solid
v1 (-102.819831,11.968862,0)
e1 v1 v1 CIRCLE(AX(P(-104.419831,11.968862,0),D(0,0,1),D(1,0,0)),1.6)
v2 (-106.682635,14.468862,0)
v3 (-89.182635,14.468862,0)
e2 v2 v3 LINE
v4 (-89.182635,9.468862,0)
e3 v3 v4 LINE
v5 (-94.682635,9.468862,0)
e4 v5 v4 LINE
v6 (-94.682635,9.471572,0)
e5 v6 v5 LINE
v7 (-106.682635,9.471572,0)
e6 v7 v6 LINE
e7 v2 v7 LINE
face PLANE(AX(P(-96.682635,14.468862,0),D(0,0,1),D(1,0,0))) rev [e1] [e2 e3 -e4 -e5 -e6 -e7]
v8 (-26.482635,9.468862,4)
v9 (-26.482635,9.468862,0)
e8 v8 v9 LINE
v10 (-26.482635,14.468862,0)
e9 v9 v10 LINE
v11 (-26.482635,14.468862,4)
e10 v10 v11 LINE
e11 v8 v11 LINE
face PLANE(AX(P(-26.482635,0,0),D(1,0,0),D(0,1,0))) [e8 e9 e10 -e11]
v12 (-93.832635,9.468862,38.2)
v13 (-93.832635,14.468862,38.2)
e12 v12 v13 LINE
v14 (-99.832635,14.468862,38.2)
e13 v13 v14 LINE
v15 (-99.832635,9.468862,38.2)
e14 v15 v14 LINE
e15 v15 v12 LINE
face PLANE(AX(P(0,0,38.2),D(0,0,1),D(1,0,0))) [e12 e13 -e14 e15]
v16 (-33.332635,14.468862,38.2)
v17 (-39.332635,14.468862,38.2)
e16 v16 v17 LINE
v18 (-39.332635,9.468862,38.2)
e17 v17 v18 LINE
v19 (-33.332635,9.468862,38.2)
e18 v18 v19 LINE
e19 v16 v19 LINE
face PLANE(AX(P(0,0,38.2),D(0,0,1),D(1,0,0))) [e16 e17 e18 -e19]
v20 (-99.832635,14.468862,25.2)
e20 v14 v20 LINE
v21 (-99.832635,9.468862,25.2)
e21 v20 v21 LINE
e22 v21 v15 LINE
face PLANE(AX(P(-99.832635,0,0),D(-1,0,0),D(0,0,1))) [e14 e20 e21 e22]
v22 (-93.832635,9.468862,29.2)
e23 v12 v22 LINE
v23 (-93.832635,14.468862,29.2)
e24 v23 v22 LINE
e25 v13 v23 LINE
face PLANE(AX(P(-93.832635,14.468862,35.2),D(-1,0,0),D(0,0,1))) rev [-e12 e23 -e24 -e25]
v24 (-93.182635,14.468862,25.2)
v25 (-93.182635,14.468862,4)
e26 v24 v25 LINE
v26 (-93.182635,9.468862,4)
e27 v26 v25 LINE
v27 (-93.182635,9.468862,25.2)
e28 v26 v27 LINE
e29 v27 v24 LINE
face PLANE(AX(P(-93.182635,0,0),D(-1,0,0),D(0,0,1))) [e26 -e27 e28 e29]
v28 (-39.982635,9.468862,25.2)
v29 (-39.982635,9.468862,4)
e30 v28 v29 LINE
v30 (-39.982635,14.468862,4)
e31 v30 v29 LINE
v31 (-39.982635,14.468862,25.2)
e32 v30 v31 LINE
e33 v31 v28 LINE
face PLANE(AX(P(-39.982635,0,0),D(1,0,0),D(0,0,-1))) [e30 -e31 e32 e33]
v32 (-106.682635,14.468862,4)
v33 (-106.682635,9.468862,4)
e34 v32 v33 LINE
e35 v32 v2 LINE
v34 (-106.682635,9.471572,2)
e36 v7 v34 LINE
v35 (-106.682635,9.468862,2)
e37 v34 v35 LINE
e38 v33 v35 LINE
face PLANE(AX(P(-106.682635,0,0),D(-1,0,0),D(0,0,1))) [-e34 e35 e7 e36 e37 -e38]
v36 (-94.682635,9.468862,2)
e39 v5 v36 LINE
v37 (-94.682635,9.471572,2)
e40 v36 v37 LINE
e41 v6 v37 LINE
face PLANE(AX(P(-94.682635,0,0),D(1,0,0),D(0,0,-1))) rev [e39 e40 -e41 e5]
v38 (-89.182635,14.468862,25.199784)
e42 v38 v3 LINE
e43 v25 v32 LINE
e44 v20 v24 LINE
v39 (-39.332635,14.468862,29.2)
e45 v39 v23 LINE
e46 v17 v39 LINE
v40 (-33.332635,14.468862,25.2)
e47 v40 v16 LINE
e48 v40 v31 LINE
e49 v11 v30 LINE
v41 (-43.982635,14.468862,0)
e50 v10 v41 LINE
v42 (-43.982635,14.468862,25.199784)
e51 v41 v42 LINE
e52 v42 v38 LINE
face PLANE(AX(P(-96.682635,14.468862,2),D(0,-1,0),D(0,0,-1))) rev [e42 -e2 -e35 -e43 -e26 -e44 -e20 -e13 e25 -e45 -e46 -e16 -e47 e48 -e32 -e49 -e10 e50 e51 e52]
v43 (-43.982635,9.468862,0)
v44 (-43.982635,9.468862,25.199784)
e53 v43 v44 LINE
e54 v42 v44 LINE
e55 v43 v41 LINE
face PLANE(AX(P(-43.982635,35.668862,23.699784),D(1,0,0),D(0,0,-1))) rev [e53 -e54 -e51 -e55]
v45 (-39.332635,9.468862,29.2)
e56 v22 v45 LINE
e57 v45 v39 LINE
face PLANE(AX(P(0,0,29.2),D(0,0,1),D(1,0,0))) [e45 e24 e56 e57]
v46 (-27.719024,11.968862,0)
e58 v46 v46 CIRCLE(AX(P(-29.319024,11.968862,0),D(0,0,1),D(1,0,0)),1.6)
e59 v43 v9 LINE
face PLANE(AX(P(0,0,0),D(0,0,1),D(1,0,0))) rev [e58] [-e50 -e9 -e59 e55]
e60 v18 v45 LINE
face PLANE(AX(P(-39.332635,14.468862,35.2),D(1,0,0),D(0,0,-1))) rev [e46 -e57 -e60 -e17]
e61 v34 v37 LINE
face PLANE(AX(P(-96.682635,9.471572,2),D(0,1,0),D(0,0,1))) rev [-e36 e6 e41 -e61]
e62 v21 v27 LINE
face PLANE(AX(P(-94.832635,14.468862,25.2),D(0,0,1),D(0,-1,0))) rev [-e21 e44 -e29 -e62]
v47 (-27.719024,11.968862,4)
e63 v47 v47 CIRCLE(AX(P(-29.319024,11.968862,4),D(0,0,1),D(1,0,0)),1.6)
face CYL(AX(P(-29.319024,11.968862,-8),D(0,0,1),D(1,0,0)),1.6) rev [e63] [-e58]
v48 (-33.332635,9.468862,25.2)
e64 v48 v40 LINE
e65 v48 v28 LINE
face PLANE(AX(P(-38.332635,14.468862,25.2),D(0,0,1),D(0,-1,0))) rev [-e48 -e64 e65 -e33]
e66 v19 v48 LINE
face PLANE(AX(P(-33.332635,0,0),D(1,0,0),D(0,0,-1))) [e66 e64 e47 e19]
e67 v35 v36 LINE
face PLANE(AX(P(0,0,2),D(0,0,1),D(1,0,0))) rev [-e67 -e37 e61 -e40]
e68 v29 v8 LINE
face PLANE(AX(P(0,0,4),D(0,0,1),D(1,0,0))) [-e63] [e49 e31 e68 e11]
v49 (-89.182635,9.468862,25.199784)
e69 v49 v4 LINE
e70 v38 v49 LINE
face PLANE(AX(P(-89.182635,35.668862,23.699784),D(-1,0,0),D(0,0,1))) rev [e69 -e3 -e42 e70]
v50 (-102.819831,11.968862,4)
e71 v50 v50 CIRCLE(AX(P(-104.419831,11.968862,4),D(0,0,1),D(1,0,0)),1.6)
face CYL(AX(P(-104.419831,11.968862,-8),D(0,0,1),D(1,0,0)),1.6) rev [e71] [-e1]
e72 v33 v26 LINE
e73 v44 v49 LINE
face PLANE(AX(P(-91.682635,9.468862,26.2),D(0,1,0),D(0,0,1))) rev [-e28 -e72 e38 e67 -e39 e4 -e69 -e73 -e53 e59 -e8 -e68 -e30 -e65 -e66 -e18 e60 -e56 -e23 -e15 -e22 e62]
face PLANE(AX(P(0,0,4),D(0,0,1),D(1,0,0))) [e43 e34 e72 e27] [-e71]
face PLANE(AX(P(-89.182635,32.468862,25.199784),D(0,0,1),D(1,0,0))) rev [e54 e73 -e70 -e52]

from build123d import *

# Parameters (mm, degrees)
SKETCH1_W            = 50.2
SKETCH1_H            = 5
BOSS_EXTRUDE1_DEPTH  = 26.2
SKETCH2_W            = 45.2
SKETCH2_H            = 23.699783527
CUT_EXTRUDE1_DEPTH   = 26.2
SKETCH4_W            = 1.5
SKETCH4_H            = 24.2
CUT_EXTRUDE2_DEPTH   = 26.2
SKETCH5_W            = 2
SKETCH5_H            = 5
BOSS_EXTRUDE2_DEPTH  = 3
SKETCH7_W            = 1.5
SKETCH7_H            = 24.2
CUT_EXTRUDE3_DEPTH   = 23
SKETCH8_W            = 45.2
SKETCH8_H            = 1.5
CUT_EXTRUDE4_DEPTH   = 23
SKETCH9_W            = 2
SKETCH9_H            = 5
BOSS_EXTRUDE3_DEPTH  = 3
SKETCH11_W           = 2
SKETCH11_H           = 5
BOSS_EXTRUDE4_DEPTH  = 2
SKETCH12_W           = 2
SKETCH12_H           = 4.997290344
BOSS_EXTRUDE5_DEPTH  = 2
SKETCH15_W           = 1
SKETCH15_H           = 5
BOSS_EXTRUDE6_DEPTH  = 4.65
SKETCH16_W           = 1
SKETCH16_H           = 5
BOSS_EXTRUDE7_DEPTH  = 4.65
SKETCH17_W           = 1
SKETCH17_H           = 5
BOSS_EXTRUDE8_DEPTH  = 9
SKETCH18_W           = 1
SKETCH18_H           = 5
BOSS_EXTRUDE9_DEPTH  = 9
SKETCH20_W           = 10
SKETCH20_H           = 5
BOSS_EXTRUDE10_DEPTH = 2
SKETCH21_W           = 10
SKETCH21_H           = 5
BOSS_EXTRUDE11_DEPTH = 2
SKETCH22_W           = 23.2
SKETCH22_H           = 5
BOSS_EXTRUDE12_DEPTH = 3
SKETCH23_W           = 23.2
SKETCH23_H           = 5
BOSS_EXTRUDE13_DEPTH = 3
SKETCH24_W           = 54.5
SKETCH24_H           = 5
BOSS_EXTRUDE14_DEPTH = 3
SKETCH25_W           = 3
SKETCH25_H           = 5
BOSS_EXTRUDE15_DEPTH = 3
SKETCH26_W           = 3
SKETCH26_H           = 5
BOSS_EXTRUDE16_DEPTH = 3
SKETCH27_W           = 13
SKETCH27_H           = 5
BOSS_EXTRUDE17_DEPTH = 3
SKETCH28_W           = 13
SKETCH28_H           = 5
BOSS_EXTRUDE18_DEPTH = 3
SKETCH29_W           = 2
SKETCH29_H           = 5
BOSS_EXTRUDE21_DEPTH = 10
SKETCH30_W           = 2
SKETCH30_H           = 4.997290344
BOSS_EXTRUDE22_DEPTH = 10
SKETCH31_W           = 13.5
SKETCH31_H           = 5
BOSS_EXTRUDE23_DEPTH = 2
SKETCH32_W           = 13.5
SKETCH32_H           = 5
BOSS_EXTRUDE24_DEPTH = 2
SKETCH33_R           = 1.6
CUT_EXTRUDE5_DEPTH   = 12
SKETCH34_R           = 1.6
CUT_EXTRUDE6_DEPTH   = 12


with BuildPart() as part:
    # Sketch1 → Boss-Extrude1 (new body)
    with BuildSketch(Plane.XY):
        with Locations((-66.582634731, 11.968862275)):
            Rectangle(SKETCH1_W, SKETCH1_H)
    extrude(amount=BOSS_EXTRUDE1_DEPTH)

    # Sketch2 → Cut-Extrude1 (cut)
    with BuildSketch(Plane.XZ.offset(-9.468862275)):
        with Locations((-66.582634731, 11.849891764)):
            Rectangle(SKETCH2_W, SKETCH2_H)
    extrude(amount=-CUT_EXTRUDE1_DEPTH, mode=Mode.SUBTRACT)

    # Sketch4 → Cut-Extrude2 (cut)
    with BuildSketch(Plane.XZ.offset(-9.468862275)):
        with Locations((-90.932634731, 14.1)):
            Rectangle(SKETCH4_W, SKETCH4_H)
    extrude(amount=-CUT_EXTRUDE2_DEPTH, mode=Mode.SUBTRACT)

    # Sketch5 → Boss-Extrude2 (add)
    with BuildSketch(Plane.ZY.offset(91.682634731)):
        with Locations((1, 11.968862275)):
            Rectangle(SKETCH5_W, SKETCH5_H)
    extrude(amount=BOSS_EXTRUDE2_DEPTH)

    # Sketch7 → Cut-Extrude3 (cut)
    with BuildSketch(Plane.XZ.offset(-9.468862275)):
        with Locations((-42.232634731, 14.1)):
            Rectangle(SKETCH7_W, SKETCH7_H)
    extrude(amount=-CUT_EXTRUDE3_DEPTH, mode=Mode.SUBTRACT)

    # Sketch8 → Cut-Extrude4 (cut)
    with BuildSketch(Plane.XZ.offset(-9.468862275)):
        with Locations((-66.582634731, 24.449783527)):
            Rectangle(SKETCH8_W, SKETCH8_H)
    extrude(amount=-CUT_EXTRUDE4_DEPTH, mode=Mode.SUBTRACT)

    # Sketch9 → Boss-Extrude3 (add)
    with BuildSketch(Plane(origin=(-41.482634731, 0, 0), x_dir=(0, 0, -1), z_dir=(1, 0, 0))):
        with Locations((-1, 11.968862275)):
            Rectangle(SKETCH9_W, SKETCH9_H)
    extrude(amount=BOSS_EXTRUDE3_DEPTH)

    # Sketch11 → Boss-Extrude4 (add)
    with BuildSketch(Plane(origin=(-38.482634731, 0, 0), x_dir=(0, 0, -1), z_dir=(1, 0, 0))):
        with Locations((-1, 11.968862275)):
            Rectangle(SKETCH11_W, SKETCH11_H)
    extrude(amount=BOSS_EXTRUDE4_DEPTH)

    # Sketch15 → Boss-Extrude6 (add)
    with BuildSketch(Plane.ZY.offset(90.182634731)):
        with Locations((25.7, 11.968862275)):
            Rectangle(SKETCH15_W, SKETCH15_H)
    extrude(amount=BOSS_EXTRUDE6_DEPTH)

    # Sketch16 → Boss-Extrude7 (add)
    with BuildSketch(Plane(origin=(-42.982634731, 0, 0), x_dir=(0, 0, -1), z_dir=(1, 0, 0))):
        with Locations((-25.7, 11.968862275)):
            Rectangle(SKETCH16_W, SKETCH16_H)
    extrude(amount=BOSS_EXTRUDE7_DEPTH)

    # Sketch17 → Boss-Extrude8 (add)
    with BuildSketch(Plane.XY.offset(26.2)):
        with Locations((-38.832634731, 11.968862275)):
            Rectangle(SKETCH17_W, SKETCH17_H)
    extrude(amount=BOSS_EXTRUDE8_DEPTH)

    # Sketch18 → Boss-Extrude9 (add)
    with BuildSketch(Plane.XY.offset(26.2)):
        with Locations((-94.332634731, 11.968862275)):
            Rectangle(SKETCH18_W, SKETCH18_H)
    extrude(amount=BOSS_EXTRUDE9_DEPTH)

    # Sketch20 → Boss-Extrude10 (add)
    with BuildSketch(Plane.ZY.offset(94.832634731)):
        with Locations((30.2, 11.968862275)):
            Rectangle(SKETCH20_W, SKETCH20_H)
    extrude(amount=BOSS_EXTRUDE10_DEPTH)

    # Sketch21 → Boss-Extrude11 (add)
    with BuildSketch(Plane(origin=(-38.332634731, 0, 0), x_dir=(0, 0, -1), z_dir=(1, 0, 0))):
        with Locations((-30.2, 11.968862275)):
            Rectangle(SKETCH21_W, SKETCH21_H)
    extrude(amount=BOSS_EXTRUDE11_DEPTH)

    # Sketch22 → Boss-Extrude12 (add)
    with BuildSketch(Plane.ZY.offset(90.182634731)):
        with Locations((13.6, 11.968862275)):
            Rectangle(SKETCH22_W, SKETCH22_H)
    extrude(amount=BOSS_EXTRUDE12_DEPTH)

    # Sketch23 → Boss-Extrude13 (add)
    with BuildSketch(Plane(origin=(-42.982634731, 0, 0), x_dir=(0, 0, -1), z_dir=(1, 0, 0))):
        with Locations((-13.6, 11.968862275)):
            Rectangle(SKETCH23_W, SKETCH23_H)
    extrude(amount=BOSS_EXTRUDE13_DEPTH)

    # Sketch24 → Boss-Extrude14 (add)
    with BuildSketch(Plane.XY.offset(26.2)):
        with Locations((-66.582634731, 11.968862275)):
            Rectangle(SKETCH24_W, SKETCH24_H)
    extrude(amount=BOSS_EXTRUDE14_DEPTH)

    # Sketch25 → Boss-Extrude15 (add)
    with BuildSketch(Plane.XY.offset(35.2)):
        with Locations((-37.832634731, 11.968862275)):
            Rectangle(SKETCH25_W, SKETCH25_H)
    extrude(amount=BOSS_EXTRUDE15_DEPTH)

    # Sketch26 → Boss-Extrude16 (add)
    with BuildSketch(Plane.XY.offset(35.2)):
        with Locations((-95.332634731, 11.968862275)):
            Rectangle(SKETCH26_W, SKETCH26_H)
    extrude(amount=BOSS_EXTRUDE16_DEPTH)

    # Sketch27 → Boss-Extrude17 (add)
    with BuildSketch(Plane.ZY.offset(96.832634731)):
        with Locations((31.7, 11.968862275)):
            Rectangle(SKETCH27_W, SKETCH27_H)
    extrude(amount=BOSS_EXTRUDE17_DEPTH)

    # Sketch28 → Boss-Extrude18 (add)
    with BuildSketch(Plane(origin=(-36.332634731, 0, 0), x_dir=(0, 0, -1), z_dir=(1, 0, 0))):
        with Locations((-31.7, 11.968862275)):
            Rectangle(SKETCH28_W, SKETCH28_H)
    extrude(amount=BOSS_EXTRUDE18_DEPTH)

    # Sketch29 → Boss-Extrude21 (add)
    with BuildSketch(Plane(origin=(-36.482634731, 0, 0), x_dir=(0, 0, -1), z_dir=(1, 0, 0))):
        with Locations((-1, 11.968862275)):
            Rectangle(SKETCH29_W, SKETCH29_H)
    extrude(amount=BOSS_EXTRUDE21_DEPTH)


with BuildPart() as body_2:
    # Sketch12 → Boss-Extrude5 (new body)
    with BuildSketch(Plane.ZY.offset(94.682634731)):
        with Locations((1, 11.970217103)):
            Rectangle(SKETCH12_W, SKETCH12_H)
    extrude(amount=BOSS_EXTRUDE5_DEPTH)


    add(part.part)  # Boss-Extrude22 merges part
    # Sketch30 → Boss-Extrude22 (add)
    with BuildSketch(Plane.ZY.offset(96.682634731)):
        with Locations((1, 11.970217103)):
            Rectangle(SKETCH30_W, SKETCH30_H)
    extrude(amount=BOSS_EXTRUDE22_DEPTH)

    # Sketch31 → Boss-Extrude23 (add)
    with BuildSketch(Plane.XY.offset(2)):
        with Locations((-99.932634731, 11.968862275)):
            Rectangle(SKETCH31_W, SKETCH31_H)
    extrude(amount=BOSS_EXTRUDE23_DEPTH)

    # Sketch32 → Boss-Extrude24 (add)
    with BuildSketch(Plane.XY.offset(2)):
        with Locations((-33.232634731, 11.968862275)):
            Rectangle(SKETCH32_W, SKETCH32_H)
    extrude(amount=BOSS_EXTRUDE24_DEPTH)

    # Sketch33 → Cut-Extrude5 (cut)
    with BuildSketch(Plane.XY.offset(4)):
        with Locations((-104.419830922, 11.968862275)):
            Circle(SKETCH33_R)
    extrude(amount=-CUT_EXTRUDE5_DEPTH, mode=Mode.SUBTRACT)

    # Sketch34 → Cut-Extrude6 (cut)
    with BuildSketch(Plane.XY.offset(4)):
        with Locations((-29.31902414, 11.968862275)):
            Circle(SKETCH34_R)
    extrude(amount=-CUT_EXTRUDE6_DEPTH, mode=Mode.SUBTRACT)


solid = body_2.part
